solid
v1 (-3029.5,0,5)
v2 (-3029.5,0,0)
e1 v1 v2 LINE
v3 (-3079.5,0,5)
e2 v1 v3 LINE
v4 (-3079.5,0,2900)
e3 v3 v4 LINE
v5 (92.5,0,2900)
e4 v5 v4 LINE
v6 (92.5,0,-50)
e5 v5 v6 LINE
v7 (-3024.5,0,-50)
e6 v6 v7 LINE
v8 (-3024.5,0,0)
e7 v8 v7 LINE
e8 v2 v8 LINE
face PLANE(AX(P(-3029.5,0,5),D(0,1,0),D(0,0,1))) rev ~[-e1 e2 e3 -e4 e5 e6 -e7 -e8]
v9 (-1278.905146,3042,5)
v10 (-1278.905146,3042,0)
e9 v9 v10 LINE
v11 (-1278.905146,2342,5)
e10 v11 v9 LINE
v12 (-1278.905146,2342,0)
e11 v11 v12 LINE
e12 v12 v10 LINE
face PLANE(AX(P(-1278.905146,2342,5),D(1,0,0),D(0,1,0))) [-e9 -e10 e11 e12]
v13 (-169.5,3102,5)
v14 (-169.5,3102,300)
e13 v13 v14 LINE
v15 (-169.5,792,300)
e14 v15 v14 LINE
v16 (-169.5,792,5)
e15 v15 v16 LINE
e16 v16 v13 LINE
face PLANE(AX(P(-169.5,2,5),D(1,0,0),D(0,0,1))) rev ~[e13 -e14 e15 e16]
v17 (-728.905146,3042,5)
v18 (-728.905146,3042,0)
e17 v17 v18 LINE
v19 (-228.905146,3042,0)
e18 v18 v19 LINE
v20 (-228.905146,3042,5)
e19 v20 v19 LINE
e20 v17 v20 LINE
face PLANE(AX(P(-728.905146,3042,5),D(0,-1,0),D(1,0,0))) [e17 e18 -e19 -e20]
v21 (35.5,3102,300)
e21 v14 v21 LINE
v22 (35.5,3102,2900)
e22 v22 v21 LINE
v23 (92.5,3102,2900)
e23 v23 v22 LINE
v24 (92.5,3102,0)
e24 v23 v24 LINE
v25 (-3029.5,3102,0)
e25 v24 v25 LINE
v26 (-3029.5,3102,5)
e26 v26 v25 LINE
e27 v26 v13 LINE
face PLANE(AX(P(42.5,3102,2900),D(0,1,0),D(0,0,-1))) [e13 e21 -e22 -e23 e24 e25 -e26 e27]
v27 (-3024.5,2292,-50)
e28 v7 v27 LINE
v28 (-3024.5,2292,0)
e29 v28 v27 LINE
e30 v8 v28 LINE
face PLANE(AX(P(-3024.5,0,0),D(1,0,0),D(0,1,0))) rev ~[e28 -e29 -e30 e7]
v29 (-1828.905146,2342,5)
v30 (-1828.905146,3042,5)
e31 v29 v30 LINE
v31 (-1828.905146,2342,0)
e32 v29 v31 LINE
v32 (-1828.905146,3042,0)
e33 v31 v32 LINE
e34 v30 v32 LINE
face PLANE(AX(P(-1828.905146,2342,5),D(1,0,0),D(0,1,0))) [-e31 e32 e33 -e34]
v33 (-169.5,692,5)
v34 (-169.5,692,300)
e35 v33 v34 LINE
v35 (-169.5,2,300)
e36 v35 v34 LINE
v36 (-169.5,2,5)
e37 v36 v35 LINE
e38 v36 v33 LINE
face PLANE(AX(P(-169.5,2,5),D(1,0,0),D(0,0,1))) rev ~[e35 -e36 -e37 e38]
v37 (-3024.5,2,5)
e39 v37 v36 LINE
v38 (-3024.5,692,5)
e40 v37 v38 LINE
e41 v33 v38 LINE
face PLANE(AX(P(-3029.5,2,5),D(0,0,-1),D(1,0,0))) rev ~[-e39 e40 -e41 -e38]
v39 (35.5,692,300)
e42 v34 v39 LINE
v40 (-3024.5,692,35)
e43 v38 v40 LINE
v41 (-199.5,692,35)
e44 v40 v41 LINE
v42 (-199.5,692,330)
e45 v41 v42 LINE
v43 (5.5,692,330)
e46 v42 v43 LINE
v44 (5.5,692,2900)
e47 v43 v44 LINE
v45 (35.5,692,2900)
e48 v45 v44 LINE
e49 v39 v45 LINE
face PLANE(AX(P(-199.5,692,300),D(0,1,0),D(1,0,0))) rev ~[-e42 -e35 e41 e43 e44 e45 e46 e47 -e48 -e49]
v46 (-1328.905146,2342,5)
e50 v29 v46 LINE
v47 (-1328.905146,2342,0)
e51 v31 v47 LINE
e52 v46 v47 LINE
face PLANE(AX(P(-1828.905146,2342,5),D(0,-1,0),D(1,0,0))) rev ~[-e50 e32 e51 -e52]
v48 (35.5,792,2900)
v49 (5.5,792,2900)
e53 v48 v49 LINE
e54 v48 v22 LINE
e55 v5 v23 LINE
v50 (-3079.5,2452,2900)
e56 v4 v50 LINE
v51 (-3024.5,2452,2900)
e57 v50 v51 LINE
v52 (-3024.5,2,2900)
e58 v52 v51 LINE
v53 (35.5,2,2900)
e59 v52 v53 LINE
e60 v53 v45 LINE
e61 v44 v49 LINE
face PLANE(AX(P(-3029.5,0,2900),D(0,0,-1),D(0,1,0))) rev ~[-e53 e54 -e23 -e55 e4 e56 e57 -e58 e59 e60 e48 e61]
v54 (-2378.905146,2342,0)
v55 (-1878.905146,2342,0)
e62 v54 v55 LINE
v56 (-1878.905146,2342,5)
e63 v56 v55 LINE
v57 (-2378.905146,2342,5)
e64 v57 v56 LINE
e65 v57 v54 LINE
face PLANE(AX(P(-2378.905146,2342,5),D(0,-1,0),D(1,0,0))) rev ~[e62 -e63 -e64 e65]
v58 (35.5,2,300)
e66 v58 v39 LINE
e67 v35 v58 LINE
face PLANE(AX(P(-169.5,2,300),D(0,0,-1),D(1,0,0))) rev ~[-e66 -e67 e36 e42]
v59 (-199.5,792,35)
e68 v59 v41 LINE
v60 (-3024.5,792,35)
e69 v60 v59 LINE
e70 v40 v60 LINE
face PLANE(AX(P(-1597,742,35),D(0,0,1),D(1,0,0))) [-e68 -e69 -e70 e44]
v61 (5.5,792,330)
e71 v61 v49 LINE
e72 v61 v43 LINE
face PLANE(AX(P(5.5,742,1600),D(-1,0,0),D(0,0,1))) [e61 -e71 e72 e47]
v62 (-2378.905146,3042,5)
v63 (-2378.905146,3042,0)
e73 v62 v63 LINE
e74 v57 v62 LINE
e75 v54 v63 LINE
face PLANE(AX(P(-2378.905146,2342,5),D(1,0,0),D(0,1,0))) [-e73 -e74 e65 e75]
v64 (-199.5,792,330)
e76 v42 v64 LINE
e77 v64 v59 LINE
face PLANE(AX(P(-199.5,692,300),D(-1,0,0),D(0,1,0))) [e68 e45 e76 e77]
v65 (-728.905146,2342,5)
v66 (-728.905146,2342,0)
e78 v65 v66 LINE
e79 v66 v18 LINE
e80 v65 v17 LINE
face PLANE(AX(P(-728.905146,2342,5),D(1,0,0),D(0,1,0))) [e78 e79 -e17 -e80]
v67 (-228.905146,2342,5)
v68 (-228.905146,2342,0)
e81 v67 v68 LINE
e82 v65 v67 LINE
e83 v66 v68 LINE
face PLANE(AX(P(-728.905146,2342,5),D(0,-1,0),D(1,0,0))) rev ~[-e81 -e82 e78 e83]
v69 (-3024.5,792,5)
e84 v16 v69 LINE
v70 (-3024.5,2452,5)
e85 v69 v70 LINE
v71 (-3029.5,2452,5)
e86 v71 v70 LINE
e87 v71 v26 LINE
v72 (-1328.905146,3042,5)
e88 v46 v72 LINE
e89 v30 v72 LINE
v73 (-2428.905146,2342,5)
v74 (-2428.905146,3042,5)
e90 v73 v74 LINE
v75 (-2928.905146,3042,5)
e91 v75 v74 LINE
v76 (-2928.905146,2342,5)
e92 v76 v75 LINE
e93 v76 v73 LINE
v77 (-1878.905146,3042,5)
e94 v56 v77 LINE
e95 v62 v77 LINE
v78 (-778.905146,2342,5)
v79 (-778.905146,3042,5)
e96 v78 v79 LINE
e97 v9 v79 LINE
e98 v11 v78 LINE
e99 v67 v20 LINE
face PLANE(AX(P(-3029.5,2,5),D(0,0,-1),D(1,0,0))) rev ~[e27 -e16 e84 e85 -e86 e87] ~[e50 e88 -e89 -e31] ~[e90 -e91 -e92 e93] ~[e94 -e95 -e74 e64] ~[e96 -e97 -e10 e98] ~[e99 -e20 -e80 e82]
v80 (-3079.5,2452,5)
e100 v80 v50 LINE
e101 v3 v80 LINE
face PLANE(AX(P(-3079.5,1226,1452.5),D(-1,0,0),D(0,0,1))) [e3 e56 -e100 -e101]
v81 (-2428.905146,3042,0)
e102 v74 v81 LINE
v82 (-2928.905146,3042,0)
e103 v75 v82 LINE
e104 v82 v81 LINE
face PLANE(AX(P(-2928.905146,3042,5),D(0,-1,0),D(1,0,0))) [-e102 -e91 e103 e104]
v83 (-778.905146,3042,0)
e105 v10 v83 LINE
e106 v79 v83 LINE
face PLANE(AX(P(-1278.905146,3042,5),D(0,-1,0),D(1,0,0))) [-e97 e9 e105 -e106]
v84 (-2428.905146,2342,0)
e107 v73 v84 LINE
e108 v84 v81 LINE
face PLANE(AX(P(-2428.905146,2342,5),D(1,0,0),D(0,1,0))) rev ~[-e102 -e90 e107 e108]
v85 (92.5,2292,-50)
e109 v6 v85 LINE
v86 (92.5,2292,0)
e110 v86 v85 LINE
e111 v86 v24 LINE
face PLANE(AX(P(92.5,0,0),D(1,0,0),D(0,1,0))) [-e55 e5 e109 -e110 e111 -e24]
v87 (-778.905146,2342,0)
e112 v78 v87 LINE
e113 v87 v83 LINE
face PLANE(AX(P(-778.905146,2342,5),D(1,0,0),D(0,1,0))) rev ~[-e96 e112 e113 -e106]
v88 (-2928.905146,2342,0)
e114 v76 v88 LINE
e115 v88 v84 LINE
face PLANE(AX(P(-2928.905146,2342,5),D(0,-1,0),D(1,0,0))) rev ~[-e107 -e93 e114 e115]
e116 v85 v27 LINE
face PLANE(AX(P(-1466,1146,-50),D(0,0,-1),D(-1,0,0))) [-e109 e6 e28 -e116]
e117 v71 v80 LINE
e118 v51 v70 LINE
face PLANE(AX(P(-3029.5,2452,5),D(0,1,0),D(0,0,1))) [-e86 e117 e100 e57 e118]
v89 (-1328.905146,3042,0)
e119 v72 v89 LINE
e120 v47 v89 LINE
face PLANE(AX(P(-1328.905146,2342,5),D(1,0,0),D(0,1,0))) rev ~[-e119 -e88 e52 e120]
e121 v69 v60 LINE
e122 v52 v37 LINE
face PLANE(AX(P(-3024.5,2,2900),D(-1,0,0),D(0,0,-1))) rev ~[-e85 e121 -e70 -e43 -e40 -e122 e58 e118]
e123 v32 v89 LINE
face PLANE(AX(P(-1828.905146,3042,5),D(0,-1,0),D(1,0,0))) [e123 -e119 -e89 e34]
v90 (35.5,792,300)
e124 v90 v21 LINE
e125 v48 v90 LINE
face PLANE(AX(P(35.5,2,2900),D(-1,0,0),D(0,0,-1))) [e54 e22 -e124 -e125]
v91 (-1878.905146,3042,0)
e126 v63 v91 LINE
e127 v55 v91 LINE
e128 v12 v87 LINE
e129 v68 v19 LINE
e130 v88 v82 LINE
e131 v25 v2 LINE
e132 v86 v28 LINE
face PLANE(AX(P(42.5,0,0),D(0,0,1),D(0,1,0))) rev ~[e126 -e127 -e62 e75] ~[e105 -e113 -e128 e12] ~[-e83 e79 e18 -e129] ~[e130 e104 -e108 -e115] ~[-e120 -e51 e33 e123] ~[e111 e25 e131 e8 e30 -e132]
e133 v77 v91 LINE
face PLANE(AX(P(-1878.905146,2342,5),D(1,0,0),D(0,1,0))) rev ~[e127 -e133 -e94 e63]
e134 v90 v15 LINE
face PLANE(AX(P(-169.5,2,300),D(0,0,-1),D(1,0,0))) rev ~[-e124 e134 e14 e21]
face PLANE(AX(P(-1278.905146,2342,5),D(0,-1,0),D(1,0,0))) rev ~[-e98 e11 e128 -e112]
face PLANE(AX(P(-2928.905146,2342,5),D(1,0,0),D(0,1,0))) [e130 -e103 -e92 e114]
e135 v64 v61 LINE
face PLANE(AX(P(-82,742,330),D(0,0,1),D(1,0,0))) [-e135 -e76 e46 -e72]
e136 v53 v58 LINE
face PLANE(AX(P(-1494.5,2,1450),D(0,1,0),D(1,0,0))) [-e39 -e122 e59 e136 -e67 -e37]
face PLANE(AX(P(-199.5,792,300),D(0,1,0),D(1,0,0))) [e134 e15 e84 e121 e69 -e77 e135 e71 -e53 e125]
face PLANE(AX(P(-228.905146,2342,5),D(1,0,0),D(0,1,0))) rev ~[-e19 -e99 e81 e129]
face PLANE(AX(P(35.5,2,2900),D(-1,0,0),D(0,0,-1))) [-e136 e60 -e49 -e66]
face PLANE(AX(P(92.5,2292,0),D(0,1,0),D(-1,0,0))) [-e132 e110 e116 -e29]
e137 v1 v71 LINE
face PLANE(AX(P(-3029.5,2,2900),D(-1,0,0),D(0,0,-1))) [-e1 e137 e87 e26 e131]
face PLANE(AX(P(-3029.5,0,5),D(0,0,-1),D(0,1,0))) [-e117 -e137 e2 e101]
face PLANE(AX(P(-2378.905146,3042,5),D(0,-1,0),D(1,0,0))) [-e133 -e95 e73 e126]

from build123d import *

# Parameters (mm, degrees)
CROQUIS1_W               = 3070
CROQUIS1_H               = 2900
SALIENTE_EXTRUIR1_DEPTH  = 2
CROQUIS4_W               = 5
CROQUIS4_H               = 2600
CROQUIS4_W_2             = 2860
CROQUIS4_H_2             = 5
SALIENTE_EXTRUIR3_DEPTH  = 3100
CROQUIS5_W               = 5
CROQUIS5_H               = 2895
SALIENTE_EXTRUIR4_DEPTH  = 2450
CROQUIS6_W               = 2855
CROQUIS6_H               = 100
SALIENTE_EXTRUIR5_DEPTH  = 30
CROQUIS7_W               = 300
CROQUIS7_H               = 100
SALIENTE_EXTRUIR6_DEPTH  = 30
CROQUIS8_W               = 235
CROQUIS8_H               = 100
SALIENTE_EXTRUIR7_DEPTH  = 30
CROQUIS9_W               = 2600
CROQUIS9_H               = 100
SALIENTE_EXTRUIR8_DEPTH  = 30
CROQUIS11_W              = 500
CROQUIS11_H              = 700
CORTAR_EXTRUIR1_DEPTH    = 30
CROQUIS18_W              = 2900
CROQUIS18_H              = 3102
SALIENTE_EXTRUIR9_DEPTH  = 2
CROQUIS23_W              = 2900
CROQUIS23_H              = 3102
SALIENTE_EXTRUIR10_DEPTH = 50
CROQUIS24_W              = 3117
CROQUIS24_H              = 2292
SALIENTE_EXTRUIR11_DEPTH = 50
CROQUIS25_W              = 2895
CROQUIS25_H              = 2452
SALIENTE_EXTRUIR12_DEPTH = 50


with BuildPart() as part:
    # Croquis1 → Saliente-Extruir1 (new body)
    with BuildSketch(Plane(origin=(0, 0, 0), x_dir=(1, 0, 0), z_dir=(0, 1, 0))):
        with Locations((-1494.5, -1450)):
            Rectangle(CROQUIS1_W, CROQUIS1_H)
    extrude(amount=SALIENTE_EXTRUIR1_DEPTH)

    # Croquis4 → Saliente-Extruir3 (add)
    with BuildSketch(Plane(origin=(0, 2, 0), x_dir=(1, 0, 0), z_dir=(0, 1, 0))):
        with Locations((38, -1600)):
            Rectangle(CROQUIS4_W, CROQUIS4_H)
        Polygon((40.5, -300), (40.5, 0), (-169.5, 0), (-169.5, -5), (-169.5, -300), (35.5, -300), align=None)
        with Locations((-1599.5, -2.5)):
            Rectangle(CROQUIS4_W_2, CROQUIS4_H_2)
    extrude(amount=SALIENTE_EXTRUIR3_DEPTH)

    # Croquis5 → Saliente-Extruir4 (add)
    with BuildSketch(Plane(origin=(0, 2, 0), x_dir=(1, 0, 0), z_dir=(0, 1, 0))):
        with Locations((-3027, -1452.5)):
            Rectangle(CROQUIS5_W, CROQUIS5_H)
    extrude(amount=SALIENTE_EXTRUIR4_DEPTH)

    # Croquis6 → Saliente-Extruir5 (add)
    with BuildSketch(Plane.XY.offset(5)):
        with Locations((-1597, 742)):
            Rectangle(CROQUIS6_W, CROQUIS6_H)
    extrude(amount=SALIENTE_EXTRUIR5_DEPTH)

    # Croquis7 → Saliente-Extruir6 (add)
    with BuildSketch(Plane.ZY.offset(169.5)):
        with Locations((150, 742)):
            Rectangle(CROQUIS7_W, CROQUIS7_H)
    extrude(amount=SALIENTE_EXTRUIR6_DEPTH)

    # Croquis8 → Saliente-Extruir7 (add)
    with BuildSketch(Plane.XY.offset(300)):
        with Locations((-82, 742)):
            Rectangle(CROQUIS8_W, CROQUIS8_H)
    extrude(amount=SALIENTE_EXTRUIR7_DEPTH)

    # Croquis9 → Saliente-Extruir8 (add)
    with BuildSketch(Plane.ZY.offset(-35.5)):
        with Locations((1600, 742)):
            Rectangle(CROQUIS9_W, CROQUIS9_H)
    extrude(amount=SALIENTE_EXTRUIR8_DEPTH)

    # Croquis11 → Cortar-Extruir1 (cut)
    with BuildSketch(Plane.XY.offset(5)):
        with Locations((-2678.905145956, 2692)):
            Rectangle(CROQUIS11_W, CROQUIS11_H)
        with Locations((-2128.905145956, 2692)):
            Rectangle(CROQUIS11_W, CROQUIS11_H)
        with Locations((-1578.905145956, 2692)):
            Rectangle(CROQUIS11_W, CROQUIS11_H)
        with Locations((-1028.905145956, 2692)):
            Rectangle(CROQUIS11_W, CROQUIS11_H)
        with Locations((-478.905145956, 2692)):
            Rectangle(CROQUIS11_W, CROQUIS11_H)
    extrude(amount=-CORTAR_EXTRUIR1_DEPTH, mode=Mode.SUBTRACT)

    # Croquis18 → Saliente-Extruir9 (add)
    with BuildSketch(Plane(origin=(40.5, 0, 0), x_dir=(0, 0, -1), z_dir=(1, 0, 0))):
        with Locations((-1450, 1551)):
            Rectangle(CROQUIS18_W, CROQUIS18_H)
    extrude(amount=SALIENTE_EXTRUIR9_DEPTH)

    # Croquis23 → Saliente-Extruir10 (add)
    with BuildSketch(Plane(origin=(42.5, 0, 0), x_dir=(0, 0, -1), z_dir=(1, 0, 0))):
        with Locations((-1450, 1551)):
            Rectangle(CROQUIS23_W, CROQUIS23_H)
    extrude(amount=SALIENTE_EXTRUIR10_DEPTH)

    # Croquis24 → Saliente-Extruir11 (add)
    with BuildSketch(Plane(origin=(0, 0, 0), x_dir=(-1, 0, 0), z_dir=(0, 0, -1))):
        with Locations((1466, 1146)):
            Rectangle(CROQUIS24_W, CROQUIS24_H)
    extrude(amount=SALIENTE_EXTRUIR11_DEPTH)

    # Croquis25 → Saliente-Extruir12 (add)
    with BuildSketch(Plane.ZY.offset(3029.5)):
        with Locations((1452.5, 1226)):
            Rectangle(CROQUIS25_W, CROQUIS25_H)
    extrude(amount=SALIENTE_EXTRUIR12_DEPTH)


solid = part.part
